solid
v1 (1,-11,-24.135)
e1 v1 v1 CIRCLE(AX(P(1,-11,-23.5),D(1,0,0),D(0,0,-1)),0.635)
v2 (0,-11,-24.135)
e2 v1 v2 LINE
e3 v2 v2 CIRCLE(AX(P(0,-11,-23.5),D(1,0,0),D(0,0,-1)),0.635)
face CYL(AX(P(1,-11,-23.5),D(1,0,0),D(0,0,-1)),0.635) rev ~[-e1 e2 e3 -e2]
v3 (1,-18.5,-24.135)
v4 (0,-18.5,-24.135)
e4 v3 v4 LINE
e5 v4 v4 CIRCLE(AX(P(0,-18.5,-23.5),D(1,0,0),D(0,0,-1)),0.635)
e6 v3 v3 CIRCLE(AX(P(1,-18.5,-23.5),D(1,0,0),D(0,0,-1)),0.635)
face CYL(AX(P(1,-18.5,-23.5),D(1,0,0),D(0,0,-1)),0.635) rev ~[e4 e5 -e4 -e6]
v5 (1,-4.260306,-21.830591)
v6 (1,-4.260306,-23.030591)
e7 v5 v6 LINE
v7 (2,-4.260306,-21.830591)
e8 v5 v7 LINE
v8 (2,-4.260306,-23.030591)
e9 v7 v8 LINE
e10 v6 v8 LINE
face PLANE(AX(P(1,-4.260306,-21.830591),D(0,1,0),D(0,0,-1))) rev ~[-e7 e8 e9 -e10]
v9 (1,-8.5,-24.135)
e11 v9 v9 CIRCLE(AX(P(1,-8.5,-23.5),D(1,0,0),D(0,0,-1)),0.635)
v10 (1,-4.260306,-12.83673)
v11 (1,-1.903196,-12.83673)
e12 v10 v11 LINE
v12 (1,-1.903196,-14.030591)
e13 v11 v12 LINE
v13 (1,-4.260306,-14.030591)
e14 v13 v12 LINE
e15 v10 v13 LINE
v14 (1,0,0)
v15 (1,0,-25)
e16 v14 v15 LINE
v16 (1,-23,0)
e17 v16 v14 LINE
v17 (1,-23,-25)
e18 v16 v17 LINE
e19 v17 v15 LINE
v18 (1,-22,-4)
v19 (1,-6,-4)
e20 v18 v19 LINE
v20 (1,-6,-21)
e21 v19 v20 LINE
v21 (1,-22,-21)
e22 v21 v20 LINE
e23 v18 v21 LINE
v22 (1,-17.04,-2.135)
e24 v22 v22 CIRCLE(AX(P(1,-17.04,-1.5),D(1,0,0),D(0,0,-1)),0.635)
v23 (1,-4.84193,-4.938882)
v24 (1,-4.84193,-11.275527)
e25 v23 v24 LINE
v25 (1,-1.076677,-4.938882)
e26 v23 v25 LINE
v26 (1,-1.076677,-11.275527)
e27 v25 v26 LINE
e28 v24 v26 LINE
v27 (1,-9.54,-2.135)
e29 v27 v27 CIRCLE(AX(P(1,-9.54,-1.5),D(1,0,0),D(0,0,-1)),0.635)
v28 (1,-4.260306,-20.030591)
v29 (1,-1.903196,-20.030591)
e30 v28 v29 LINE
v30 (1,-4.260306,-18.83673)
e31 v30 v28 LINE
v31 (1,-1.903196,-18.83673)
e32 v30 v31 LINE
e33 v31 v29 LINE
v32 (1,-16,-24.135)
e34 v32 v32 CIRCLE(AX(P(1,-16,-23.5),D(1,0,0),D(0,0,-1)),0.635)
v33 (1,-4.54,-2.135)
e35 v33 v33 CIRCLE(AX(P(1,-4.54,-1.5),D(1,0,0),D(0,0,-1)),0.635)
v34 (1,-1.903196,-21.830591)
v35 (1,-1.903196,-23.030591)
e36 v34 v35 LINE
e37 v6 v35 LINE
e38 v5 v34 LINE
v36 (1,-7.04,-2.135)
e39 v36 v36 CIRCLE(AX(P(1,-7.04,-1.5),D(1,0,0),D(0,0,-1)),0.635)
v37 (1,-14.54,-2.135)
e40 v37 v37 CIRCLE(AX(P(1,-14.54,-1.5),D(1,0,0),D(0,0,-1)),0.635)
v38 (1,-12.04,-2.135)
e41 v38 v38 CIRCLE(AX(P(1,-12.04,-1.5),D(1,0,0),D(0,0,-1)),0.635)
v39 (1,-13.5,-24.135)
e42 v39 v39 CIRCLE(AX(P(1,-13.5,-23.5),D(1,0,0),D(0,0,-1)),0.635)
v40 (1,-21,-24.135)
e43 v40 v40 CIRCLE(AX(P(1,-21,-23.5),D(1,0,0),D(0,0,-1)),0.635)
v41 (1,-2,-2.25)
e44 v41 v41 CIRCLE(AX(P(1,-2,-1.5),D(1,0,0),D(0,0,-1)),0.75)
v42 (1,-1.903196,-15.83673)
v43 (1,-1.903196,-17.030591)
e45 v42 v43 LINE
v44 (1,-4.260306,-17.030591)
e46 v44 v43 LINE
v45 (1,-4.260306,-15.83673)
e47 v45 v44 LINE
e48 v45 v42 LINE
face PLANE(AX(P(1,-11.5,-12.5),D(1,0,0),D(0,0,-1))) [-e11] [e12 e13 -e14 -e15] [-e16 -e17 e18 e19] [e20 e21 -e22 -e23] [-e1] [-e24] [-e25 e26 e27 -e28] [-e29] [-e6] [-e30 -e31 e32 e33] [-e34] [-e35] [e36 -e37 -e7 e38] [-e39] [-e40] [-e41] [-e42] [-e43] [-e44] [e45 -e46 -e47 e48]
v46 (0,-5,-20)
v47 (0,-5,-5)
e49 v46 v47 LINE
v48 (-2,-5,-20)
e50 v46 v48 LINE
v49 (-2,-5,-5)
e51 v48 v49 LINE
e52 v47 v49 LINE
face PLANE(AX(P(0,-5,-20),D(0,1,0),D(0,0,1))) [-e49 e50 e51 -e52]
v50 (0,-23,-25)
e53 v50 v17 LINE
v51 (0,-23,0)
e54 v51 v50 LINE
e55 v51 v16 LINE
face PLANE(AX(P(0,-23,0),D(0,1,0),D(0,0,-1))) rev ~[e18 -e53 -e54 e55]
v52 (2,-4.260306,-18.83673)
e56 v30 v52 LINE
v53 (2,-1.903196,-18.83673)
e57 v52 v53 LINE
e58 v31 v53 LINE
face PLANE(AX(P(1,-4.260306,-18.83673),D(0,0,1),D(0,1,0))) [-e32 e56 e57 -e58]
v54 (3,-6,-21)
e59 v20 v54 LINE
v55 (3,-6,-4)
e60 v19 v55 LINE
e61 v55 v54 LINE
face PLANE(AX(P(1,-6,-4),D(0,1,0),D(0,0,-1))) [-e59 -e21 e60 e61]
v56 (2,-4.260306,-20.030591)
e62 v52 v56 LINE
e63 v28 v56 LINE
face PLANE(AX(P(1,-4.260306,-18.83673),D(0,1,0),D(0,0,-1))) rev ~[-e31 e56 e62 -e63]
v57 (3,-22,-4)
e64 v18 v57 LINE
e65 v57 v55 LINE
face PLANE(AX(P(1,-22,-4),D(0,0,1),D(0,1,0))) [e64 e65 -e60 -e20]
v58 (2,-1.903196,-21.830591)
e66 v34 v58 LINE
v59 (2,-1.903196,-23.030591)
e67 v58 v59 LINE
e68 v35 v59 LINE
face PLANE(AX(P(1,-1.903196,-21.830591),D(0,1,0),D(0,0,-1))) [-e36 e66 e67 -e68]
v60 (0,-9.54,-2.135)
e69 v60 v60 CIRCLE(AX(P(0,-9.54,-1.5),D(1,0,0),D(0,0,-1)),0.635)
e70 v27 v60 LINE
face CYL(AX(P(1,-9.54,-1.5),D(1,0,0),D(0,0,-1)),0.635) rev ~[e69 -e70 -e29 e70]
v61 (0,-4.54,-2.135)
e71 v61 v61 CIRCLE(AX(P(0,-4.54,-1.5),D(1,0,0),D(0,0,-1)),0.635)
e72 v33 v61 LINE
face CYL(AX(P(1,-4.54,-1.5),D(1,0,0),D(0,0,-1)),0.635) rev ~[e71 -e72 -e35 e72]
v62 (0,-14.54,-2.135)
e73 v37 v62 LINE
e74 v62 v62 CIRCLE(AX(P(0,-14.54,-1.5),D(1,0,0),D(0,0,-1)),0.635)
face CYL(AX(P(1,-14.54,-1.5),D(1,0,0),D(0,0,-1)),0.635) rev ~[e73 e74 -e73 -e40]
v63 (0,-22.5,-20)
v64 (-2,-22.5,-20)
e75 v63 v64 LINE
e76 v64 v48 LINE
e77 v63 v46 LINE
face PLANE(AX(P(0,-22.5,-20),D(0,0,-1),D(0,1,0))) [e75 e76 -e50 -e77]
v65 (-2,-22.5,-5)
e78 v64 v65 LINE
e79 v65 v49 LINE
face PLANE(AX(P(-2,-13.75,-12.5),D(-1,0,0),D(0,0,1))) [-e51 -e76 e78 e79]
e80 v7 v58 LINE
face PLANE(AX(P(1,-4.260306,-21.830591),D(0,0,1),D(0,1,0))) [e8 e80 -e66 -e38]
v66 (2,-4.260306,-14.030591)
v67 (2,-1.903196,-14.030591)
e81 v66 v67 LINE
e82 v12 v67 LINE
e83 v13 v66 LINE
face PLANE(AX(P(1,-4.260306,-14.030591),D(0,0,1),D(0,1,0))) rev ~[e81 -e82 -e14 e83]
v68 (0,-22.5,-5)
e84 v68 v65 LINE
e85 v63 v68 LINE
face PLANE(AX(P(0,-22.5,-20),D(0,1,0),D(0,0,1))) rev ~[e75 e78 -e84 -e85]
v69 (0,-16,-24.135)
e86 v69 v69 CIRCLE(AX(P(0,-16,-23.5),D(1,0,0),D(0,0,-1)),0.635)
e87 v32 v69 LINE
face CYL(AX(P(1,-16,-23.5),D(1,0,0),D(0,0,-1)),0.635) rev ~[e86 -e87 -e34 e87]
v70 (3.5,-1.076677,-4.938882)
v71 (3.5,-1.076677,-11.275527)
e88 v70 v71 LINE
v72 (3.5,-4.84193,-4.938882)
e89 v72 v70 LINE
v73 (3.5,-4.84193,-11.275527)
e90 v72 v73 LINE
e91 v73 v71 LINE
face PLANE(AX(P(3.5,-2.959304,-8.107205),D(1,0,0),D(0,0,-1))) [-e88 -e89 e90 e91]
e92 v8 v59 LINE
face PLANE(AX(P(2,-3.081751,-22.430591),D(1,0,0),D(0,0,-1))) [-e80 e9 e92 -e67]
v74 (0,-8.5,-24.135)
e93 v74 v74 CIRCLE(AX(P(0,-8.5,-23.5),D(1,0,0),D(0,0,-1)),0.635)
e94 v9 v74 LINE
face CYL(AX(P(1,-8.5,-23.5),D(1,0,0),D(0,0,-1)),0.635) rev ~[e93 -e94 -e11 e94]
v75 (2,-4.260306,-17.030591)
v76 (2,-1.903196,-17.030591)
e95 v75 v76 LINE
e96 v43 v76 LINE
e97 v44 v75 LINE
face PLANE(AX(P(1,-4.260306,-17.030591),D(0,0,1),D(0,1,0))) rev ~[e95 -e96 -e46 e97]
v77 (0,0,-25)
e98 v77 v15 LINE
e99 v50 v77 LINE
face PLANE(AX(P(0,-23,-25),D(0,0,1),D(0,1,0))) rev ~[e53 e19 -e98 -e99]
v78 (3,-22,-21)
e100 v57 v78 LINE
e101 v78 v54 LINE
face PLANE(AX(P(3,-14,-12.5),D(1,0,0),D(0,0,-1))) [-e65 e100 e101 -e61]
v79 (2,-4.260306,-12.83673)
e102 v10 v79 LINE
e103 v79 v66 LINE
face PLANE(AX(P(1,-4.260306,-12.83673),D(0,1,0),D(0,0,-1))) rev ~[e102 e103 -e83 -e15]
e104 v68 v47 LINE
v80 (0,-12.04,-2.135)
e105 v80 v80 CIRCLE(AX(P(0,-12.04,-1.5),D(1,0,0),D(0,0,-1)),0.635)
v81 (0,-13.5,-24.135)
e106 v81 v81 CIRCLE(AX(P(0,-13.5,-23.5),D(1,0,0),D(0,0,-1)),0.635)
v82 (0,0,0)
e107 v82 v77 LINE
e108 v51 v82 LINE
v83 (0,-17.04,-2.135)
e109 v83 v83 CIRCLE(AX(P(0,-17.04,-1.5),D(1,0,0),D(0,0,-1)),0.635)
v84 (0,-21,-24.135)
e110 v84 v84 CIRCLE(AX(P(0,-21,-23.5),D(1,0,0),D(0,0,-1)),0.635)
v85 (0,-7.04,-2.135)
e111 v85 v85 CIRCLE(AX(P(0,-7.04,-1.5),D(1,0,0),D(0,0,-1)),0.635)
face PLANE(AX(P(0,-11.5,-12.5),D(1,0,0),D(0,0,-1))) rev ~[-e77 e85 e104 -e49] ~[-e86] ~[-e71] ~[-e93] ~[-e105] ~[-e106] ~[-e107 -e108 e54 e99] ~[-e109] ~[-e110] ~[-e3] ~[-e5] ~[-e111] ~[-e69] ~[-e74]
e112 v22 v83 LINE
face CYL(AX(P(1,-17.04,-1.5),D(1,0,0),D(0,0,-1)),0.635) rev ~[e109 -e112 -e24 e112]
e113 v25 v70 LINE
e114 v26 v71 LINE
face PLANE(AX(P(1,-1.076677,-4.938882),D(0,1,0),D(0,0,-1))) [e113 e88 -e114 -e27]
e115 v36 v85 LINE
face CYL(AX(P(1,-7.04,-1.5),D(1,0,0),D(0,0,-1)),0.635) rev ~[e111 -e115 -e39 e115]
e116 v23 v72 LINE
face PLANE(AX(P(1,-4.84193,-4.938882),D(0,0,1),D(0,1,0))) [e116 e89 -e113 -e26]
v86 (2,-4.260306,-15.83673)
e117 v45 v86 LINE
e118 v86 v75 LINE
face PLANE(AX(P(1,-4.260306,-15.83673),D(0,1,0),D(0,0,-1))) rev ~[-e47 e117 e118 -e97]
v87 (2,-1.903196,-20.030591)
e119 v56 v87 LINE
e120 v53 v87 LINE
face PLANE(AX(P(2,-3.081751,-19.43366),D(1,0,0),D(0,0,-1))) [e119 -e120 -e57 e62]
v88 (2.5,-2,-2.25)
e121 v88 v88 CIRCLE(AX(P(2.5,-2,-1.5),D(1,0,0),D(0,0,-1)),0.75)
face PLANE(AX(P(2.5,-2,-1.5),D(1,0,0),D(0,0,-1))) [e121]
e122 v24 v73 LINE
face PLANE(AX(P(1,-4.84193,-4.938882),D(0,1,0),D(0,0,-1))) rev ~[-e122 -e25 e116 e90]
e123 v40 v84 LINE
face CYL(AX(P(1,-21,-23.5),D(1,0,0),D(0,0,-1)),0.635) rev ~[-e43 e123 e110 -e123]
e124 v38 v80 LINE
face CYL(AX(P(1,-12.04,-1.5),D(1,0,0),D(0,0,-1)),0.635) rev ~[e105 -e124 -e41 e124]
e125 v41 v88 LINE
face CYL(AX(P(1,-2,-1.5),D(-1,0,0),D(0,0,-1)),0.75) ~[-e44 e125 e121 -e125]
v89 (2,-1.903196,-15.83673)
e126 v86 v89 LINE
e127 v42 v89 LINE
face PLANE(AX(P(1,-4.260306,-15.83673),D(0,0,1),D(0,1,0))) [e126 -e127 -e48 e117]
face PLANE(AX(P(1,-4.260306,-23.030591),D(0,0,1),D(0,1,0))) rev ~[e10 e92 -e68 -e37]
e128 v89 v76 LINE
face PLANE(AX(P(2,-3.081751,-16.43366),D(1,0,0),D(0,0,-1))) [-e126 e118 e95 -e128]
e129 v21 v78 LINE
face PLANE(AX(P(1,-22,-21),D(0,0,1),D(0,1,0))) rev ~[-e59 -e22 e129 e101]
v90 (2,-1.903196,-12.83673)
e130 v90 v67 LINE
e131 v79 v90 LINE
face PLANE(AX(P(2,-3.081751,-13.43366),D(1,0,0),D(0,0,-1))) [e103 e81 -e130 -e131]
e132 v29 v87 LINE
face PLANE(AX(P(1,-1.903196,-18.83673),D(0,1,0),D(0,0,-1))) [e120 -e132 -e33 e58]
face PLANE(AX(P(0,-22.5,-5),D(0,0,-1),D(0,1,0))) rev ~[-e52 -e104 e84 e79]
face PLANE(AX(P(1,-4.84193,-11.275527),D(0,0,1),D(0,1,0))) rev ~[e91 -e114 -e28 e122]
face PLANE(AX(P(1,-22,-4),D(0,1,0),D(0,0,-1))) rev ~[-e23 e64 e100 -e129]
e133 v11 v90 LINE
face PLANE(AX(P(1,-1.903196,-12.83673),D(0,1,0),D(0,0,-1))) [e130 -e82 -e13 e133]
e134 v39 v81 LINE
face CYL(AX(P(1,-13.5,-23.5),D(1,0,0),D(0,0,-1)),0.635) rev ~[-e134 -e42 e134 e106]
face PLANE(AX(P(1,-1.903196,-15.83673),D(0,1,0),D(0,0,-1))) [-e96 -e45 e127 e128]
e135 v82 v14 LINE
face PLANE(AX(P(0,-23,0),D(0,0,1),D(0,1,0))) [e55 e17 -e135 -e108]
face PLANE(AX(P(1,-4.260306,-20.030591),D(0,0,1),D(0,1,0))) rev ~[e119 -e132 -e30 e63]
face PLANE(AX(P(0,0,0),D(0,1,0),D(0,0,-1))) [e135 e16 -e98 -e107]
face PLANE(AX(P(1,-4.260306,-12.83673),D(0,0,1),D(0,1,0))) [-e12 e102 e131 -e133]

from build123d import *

# Parameters (mm, degrees)
SKETCH1_W           = 25
SKETCH1_H           = 23
BOSS_EXTRUDE1_DEPTH = 1
SKETCH2_W           = 17
SKETCH2_H           = 16
BOSS_EXTRUDE2_DEPTH = 2
SKETCH3_W           = 6.336645523
SKETCH3_H           = 3.765253137
BOSS_EXTRUDE3_DEPTH = 2.5
SKETCH4_W           = 1.193860751
SKETCH4_H           = 2.357109687
BOSS_EXTRUDE4_DEPTH = 1
SKETCH5_W           = 1.2
SKETCH5_H           = 2.357109687
BOSS_EXTRUDE5_DEPTH = 1
SKETCH6_R           = 0.75
BOSS_EXTRUDE6_DEPTH = 1.5
SKETCH7_R           = 0.635
CUT_EXTRUDE1_DEPTH  = 1.5
SKETCH8_W           = 15
SKETCH8_H           = 17.5
BOSS_EXTRUDE7_DEPTH = 2


with BuildPart() as part:
    # Sketch1 → Boss-Extrude1 (new body)
    with BuildSketch(Plane(origin=(0, 0, 0), x_dir=(0, 0, -1), z_dir=(1, 0, 0))):
        with Locations((12.5, -11.5)):
            Rectangle(SKETCH1_W, SKETCH1_H)
    extrude(amount=BOSS_EXTRUDE1_DEPTH)

    # Sketch2 → Boss-Extrude2 (add)
    with BuildSketch(Plane(origin=(1, 0, 0), x_dir=(0, 0, -1), z_dir=(1, 0, 0))):
        with Locations((12.5, -14)):
            Rectangle(SKETCH2_W, SKETCH2_H)
    extrude(amount=BOSS_EXTRUDE2_DEPTH)

    # Sketch3 → Boss-Extrude3 (add)
    with BuildSketch(Plane(origin=(1, 0, 0), x_dir=(0, 0, -1), z_dir=(1, 0, 0))):
        with Locations((8.107204674, -2.95930386)):
            Rectangle(SKETCH3_W, SKETCH3_H)
    extrude(amount=BOSS_EXTRUDE3_DEPTH)

    # Sketch4 → Boss-Extrude4 (add)
    with BuildSketch(Plane(origin=(1, 0, 0), x_dir=(0, 0, -1), z_dir=(1, 0, 0))):
        with Locations((16.433660331, -3.081751116)):
            Rectangle(SKETCH4_W, SKETCH4_H)
        with Locations((13.433660331, -3.081751116)):
            Rectangle(SKETCH4_W, SKETCH4_H)
        with Locations((19.433660331, -3.081751116)):
            Rectangle(SKETCH4_W, SKETCH4_H)
    extrude(amount=BOSS_EXTRUDE4_DEPTH)

    # Sketch5 → Boss-Extrude5 (add)
    with BuildSketch(Plane(origin=(1, 0, 0), x_dir=(0, 0, -1), z_dir=(1, 0, 0))):
        with Locations((22.430590706, -3.081751116)):
            Rectangle(SKETCH5_W, SKETCH5_H)
    extrude(amount=BOSS_EXTRUDE5_DEPTH)

    # Sketch6 → Boss-Extrude6 (add)
    with BuildSketch(Plane(origin=(1, 0, 0), x_dir=(0, 0, -1), z_dir=(1, 0, 0))):
        with Locations((1.5, -2)):
            Circle(SKETCH6_R)
    extrude(amount=BOSS_EXTRUDE6_DEPTH)

    # Sketch7 → Cut-Extrude1 (cut)
    with BuildSketch(Plane(origin=(1, 0, 0), x_dir=(0, 0, -1), z_dir=(1, 0, 0))):
        with Locations((1.5, -4.54)):
            Circle(SKETCH7_R)
        with Locations((1.5, -7.04)):
            Circle(SKETCH7_R)
        with Locations((1.5, -9.54)):
            Circle(SKETCH7_R)
        with Locations((1.5, -12.04)):
            Circle(SKETCH7_R)
        with Locations((1.5, -14.54)):
            Circle(SKETCH7_R)
        with Locations((1.5, -17.04)):
            Circle(SKETCH7_R)
        with Locations((23.5, -21)):
            Circle(SKETCH7_R)
        with Locations((23.5, -18.5)):
            Circle(SKETCH7_R)
        with Locations((23.5, -16)):
            Circle(SKETCH7_R)
        with Locations((23.5, -13.5)):
            Circle(SKETCH7_R)
        with Locations((23.5, -11)):
            Circle(SKETCH7_R)
        with Locations((23.5, -8.5)):
            Circle(SKETCH7_R)
    extrude(amount=-CUT_EXTRUDE1_DEPTH, mode=Mode.SUBTRACT)

    # Sketch8 → Boss-Extrude7 (add)
    with BuildSketch(Plane.ZY):
        with Locations((-12.5, -13.75)):
            Rectangle(SKETCH8_W, SKETCH8_H)
    extrude(amount=BOSS_EXTRUDE7_DEPTH)


solid = part.part
